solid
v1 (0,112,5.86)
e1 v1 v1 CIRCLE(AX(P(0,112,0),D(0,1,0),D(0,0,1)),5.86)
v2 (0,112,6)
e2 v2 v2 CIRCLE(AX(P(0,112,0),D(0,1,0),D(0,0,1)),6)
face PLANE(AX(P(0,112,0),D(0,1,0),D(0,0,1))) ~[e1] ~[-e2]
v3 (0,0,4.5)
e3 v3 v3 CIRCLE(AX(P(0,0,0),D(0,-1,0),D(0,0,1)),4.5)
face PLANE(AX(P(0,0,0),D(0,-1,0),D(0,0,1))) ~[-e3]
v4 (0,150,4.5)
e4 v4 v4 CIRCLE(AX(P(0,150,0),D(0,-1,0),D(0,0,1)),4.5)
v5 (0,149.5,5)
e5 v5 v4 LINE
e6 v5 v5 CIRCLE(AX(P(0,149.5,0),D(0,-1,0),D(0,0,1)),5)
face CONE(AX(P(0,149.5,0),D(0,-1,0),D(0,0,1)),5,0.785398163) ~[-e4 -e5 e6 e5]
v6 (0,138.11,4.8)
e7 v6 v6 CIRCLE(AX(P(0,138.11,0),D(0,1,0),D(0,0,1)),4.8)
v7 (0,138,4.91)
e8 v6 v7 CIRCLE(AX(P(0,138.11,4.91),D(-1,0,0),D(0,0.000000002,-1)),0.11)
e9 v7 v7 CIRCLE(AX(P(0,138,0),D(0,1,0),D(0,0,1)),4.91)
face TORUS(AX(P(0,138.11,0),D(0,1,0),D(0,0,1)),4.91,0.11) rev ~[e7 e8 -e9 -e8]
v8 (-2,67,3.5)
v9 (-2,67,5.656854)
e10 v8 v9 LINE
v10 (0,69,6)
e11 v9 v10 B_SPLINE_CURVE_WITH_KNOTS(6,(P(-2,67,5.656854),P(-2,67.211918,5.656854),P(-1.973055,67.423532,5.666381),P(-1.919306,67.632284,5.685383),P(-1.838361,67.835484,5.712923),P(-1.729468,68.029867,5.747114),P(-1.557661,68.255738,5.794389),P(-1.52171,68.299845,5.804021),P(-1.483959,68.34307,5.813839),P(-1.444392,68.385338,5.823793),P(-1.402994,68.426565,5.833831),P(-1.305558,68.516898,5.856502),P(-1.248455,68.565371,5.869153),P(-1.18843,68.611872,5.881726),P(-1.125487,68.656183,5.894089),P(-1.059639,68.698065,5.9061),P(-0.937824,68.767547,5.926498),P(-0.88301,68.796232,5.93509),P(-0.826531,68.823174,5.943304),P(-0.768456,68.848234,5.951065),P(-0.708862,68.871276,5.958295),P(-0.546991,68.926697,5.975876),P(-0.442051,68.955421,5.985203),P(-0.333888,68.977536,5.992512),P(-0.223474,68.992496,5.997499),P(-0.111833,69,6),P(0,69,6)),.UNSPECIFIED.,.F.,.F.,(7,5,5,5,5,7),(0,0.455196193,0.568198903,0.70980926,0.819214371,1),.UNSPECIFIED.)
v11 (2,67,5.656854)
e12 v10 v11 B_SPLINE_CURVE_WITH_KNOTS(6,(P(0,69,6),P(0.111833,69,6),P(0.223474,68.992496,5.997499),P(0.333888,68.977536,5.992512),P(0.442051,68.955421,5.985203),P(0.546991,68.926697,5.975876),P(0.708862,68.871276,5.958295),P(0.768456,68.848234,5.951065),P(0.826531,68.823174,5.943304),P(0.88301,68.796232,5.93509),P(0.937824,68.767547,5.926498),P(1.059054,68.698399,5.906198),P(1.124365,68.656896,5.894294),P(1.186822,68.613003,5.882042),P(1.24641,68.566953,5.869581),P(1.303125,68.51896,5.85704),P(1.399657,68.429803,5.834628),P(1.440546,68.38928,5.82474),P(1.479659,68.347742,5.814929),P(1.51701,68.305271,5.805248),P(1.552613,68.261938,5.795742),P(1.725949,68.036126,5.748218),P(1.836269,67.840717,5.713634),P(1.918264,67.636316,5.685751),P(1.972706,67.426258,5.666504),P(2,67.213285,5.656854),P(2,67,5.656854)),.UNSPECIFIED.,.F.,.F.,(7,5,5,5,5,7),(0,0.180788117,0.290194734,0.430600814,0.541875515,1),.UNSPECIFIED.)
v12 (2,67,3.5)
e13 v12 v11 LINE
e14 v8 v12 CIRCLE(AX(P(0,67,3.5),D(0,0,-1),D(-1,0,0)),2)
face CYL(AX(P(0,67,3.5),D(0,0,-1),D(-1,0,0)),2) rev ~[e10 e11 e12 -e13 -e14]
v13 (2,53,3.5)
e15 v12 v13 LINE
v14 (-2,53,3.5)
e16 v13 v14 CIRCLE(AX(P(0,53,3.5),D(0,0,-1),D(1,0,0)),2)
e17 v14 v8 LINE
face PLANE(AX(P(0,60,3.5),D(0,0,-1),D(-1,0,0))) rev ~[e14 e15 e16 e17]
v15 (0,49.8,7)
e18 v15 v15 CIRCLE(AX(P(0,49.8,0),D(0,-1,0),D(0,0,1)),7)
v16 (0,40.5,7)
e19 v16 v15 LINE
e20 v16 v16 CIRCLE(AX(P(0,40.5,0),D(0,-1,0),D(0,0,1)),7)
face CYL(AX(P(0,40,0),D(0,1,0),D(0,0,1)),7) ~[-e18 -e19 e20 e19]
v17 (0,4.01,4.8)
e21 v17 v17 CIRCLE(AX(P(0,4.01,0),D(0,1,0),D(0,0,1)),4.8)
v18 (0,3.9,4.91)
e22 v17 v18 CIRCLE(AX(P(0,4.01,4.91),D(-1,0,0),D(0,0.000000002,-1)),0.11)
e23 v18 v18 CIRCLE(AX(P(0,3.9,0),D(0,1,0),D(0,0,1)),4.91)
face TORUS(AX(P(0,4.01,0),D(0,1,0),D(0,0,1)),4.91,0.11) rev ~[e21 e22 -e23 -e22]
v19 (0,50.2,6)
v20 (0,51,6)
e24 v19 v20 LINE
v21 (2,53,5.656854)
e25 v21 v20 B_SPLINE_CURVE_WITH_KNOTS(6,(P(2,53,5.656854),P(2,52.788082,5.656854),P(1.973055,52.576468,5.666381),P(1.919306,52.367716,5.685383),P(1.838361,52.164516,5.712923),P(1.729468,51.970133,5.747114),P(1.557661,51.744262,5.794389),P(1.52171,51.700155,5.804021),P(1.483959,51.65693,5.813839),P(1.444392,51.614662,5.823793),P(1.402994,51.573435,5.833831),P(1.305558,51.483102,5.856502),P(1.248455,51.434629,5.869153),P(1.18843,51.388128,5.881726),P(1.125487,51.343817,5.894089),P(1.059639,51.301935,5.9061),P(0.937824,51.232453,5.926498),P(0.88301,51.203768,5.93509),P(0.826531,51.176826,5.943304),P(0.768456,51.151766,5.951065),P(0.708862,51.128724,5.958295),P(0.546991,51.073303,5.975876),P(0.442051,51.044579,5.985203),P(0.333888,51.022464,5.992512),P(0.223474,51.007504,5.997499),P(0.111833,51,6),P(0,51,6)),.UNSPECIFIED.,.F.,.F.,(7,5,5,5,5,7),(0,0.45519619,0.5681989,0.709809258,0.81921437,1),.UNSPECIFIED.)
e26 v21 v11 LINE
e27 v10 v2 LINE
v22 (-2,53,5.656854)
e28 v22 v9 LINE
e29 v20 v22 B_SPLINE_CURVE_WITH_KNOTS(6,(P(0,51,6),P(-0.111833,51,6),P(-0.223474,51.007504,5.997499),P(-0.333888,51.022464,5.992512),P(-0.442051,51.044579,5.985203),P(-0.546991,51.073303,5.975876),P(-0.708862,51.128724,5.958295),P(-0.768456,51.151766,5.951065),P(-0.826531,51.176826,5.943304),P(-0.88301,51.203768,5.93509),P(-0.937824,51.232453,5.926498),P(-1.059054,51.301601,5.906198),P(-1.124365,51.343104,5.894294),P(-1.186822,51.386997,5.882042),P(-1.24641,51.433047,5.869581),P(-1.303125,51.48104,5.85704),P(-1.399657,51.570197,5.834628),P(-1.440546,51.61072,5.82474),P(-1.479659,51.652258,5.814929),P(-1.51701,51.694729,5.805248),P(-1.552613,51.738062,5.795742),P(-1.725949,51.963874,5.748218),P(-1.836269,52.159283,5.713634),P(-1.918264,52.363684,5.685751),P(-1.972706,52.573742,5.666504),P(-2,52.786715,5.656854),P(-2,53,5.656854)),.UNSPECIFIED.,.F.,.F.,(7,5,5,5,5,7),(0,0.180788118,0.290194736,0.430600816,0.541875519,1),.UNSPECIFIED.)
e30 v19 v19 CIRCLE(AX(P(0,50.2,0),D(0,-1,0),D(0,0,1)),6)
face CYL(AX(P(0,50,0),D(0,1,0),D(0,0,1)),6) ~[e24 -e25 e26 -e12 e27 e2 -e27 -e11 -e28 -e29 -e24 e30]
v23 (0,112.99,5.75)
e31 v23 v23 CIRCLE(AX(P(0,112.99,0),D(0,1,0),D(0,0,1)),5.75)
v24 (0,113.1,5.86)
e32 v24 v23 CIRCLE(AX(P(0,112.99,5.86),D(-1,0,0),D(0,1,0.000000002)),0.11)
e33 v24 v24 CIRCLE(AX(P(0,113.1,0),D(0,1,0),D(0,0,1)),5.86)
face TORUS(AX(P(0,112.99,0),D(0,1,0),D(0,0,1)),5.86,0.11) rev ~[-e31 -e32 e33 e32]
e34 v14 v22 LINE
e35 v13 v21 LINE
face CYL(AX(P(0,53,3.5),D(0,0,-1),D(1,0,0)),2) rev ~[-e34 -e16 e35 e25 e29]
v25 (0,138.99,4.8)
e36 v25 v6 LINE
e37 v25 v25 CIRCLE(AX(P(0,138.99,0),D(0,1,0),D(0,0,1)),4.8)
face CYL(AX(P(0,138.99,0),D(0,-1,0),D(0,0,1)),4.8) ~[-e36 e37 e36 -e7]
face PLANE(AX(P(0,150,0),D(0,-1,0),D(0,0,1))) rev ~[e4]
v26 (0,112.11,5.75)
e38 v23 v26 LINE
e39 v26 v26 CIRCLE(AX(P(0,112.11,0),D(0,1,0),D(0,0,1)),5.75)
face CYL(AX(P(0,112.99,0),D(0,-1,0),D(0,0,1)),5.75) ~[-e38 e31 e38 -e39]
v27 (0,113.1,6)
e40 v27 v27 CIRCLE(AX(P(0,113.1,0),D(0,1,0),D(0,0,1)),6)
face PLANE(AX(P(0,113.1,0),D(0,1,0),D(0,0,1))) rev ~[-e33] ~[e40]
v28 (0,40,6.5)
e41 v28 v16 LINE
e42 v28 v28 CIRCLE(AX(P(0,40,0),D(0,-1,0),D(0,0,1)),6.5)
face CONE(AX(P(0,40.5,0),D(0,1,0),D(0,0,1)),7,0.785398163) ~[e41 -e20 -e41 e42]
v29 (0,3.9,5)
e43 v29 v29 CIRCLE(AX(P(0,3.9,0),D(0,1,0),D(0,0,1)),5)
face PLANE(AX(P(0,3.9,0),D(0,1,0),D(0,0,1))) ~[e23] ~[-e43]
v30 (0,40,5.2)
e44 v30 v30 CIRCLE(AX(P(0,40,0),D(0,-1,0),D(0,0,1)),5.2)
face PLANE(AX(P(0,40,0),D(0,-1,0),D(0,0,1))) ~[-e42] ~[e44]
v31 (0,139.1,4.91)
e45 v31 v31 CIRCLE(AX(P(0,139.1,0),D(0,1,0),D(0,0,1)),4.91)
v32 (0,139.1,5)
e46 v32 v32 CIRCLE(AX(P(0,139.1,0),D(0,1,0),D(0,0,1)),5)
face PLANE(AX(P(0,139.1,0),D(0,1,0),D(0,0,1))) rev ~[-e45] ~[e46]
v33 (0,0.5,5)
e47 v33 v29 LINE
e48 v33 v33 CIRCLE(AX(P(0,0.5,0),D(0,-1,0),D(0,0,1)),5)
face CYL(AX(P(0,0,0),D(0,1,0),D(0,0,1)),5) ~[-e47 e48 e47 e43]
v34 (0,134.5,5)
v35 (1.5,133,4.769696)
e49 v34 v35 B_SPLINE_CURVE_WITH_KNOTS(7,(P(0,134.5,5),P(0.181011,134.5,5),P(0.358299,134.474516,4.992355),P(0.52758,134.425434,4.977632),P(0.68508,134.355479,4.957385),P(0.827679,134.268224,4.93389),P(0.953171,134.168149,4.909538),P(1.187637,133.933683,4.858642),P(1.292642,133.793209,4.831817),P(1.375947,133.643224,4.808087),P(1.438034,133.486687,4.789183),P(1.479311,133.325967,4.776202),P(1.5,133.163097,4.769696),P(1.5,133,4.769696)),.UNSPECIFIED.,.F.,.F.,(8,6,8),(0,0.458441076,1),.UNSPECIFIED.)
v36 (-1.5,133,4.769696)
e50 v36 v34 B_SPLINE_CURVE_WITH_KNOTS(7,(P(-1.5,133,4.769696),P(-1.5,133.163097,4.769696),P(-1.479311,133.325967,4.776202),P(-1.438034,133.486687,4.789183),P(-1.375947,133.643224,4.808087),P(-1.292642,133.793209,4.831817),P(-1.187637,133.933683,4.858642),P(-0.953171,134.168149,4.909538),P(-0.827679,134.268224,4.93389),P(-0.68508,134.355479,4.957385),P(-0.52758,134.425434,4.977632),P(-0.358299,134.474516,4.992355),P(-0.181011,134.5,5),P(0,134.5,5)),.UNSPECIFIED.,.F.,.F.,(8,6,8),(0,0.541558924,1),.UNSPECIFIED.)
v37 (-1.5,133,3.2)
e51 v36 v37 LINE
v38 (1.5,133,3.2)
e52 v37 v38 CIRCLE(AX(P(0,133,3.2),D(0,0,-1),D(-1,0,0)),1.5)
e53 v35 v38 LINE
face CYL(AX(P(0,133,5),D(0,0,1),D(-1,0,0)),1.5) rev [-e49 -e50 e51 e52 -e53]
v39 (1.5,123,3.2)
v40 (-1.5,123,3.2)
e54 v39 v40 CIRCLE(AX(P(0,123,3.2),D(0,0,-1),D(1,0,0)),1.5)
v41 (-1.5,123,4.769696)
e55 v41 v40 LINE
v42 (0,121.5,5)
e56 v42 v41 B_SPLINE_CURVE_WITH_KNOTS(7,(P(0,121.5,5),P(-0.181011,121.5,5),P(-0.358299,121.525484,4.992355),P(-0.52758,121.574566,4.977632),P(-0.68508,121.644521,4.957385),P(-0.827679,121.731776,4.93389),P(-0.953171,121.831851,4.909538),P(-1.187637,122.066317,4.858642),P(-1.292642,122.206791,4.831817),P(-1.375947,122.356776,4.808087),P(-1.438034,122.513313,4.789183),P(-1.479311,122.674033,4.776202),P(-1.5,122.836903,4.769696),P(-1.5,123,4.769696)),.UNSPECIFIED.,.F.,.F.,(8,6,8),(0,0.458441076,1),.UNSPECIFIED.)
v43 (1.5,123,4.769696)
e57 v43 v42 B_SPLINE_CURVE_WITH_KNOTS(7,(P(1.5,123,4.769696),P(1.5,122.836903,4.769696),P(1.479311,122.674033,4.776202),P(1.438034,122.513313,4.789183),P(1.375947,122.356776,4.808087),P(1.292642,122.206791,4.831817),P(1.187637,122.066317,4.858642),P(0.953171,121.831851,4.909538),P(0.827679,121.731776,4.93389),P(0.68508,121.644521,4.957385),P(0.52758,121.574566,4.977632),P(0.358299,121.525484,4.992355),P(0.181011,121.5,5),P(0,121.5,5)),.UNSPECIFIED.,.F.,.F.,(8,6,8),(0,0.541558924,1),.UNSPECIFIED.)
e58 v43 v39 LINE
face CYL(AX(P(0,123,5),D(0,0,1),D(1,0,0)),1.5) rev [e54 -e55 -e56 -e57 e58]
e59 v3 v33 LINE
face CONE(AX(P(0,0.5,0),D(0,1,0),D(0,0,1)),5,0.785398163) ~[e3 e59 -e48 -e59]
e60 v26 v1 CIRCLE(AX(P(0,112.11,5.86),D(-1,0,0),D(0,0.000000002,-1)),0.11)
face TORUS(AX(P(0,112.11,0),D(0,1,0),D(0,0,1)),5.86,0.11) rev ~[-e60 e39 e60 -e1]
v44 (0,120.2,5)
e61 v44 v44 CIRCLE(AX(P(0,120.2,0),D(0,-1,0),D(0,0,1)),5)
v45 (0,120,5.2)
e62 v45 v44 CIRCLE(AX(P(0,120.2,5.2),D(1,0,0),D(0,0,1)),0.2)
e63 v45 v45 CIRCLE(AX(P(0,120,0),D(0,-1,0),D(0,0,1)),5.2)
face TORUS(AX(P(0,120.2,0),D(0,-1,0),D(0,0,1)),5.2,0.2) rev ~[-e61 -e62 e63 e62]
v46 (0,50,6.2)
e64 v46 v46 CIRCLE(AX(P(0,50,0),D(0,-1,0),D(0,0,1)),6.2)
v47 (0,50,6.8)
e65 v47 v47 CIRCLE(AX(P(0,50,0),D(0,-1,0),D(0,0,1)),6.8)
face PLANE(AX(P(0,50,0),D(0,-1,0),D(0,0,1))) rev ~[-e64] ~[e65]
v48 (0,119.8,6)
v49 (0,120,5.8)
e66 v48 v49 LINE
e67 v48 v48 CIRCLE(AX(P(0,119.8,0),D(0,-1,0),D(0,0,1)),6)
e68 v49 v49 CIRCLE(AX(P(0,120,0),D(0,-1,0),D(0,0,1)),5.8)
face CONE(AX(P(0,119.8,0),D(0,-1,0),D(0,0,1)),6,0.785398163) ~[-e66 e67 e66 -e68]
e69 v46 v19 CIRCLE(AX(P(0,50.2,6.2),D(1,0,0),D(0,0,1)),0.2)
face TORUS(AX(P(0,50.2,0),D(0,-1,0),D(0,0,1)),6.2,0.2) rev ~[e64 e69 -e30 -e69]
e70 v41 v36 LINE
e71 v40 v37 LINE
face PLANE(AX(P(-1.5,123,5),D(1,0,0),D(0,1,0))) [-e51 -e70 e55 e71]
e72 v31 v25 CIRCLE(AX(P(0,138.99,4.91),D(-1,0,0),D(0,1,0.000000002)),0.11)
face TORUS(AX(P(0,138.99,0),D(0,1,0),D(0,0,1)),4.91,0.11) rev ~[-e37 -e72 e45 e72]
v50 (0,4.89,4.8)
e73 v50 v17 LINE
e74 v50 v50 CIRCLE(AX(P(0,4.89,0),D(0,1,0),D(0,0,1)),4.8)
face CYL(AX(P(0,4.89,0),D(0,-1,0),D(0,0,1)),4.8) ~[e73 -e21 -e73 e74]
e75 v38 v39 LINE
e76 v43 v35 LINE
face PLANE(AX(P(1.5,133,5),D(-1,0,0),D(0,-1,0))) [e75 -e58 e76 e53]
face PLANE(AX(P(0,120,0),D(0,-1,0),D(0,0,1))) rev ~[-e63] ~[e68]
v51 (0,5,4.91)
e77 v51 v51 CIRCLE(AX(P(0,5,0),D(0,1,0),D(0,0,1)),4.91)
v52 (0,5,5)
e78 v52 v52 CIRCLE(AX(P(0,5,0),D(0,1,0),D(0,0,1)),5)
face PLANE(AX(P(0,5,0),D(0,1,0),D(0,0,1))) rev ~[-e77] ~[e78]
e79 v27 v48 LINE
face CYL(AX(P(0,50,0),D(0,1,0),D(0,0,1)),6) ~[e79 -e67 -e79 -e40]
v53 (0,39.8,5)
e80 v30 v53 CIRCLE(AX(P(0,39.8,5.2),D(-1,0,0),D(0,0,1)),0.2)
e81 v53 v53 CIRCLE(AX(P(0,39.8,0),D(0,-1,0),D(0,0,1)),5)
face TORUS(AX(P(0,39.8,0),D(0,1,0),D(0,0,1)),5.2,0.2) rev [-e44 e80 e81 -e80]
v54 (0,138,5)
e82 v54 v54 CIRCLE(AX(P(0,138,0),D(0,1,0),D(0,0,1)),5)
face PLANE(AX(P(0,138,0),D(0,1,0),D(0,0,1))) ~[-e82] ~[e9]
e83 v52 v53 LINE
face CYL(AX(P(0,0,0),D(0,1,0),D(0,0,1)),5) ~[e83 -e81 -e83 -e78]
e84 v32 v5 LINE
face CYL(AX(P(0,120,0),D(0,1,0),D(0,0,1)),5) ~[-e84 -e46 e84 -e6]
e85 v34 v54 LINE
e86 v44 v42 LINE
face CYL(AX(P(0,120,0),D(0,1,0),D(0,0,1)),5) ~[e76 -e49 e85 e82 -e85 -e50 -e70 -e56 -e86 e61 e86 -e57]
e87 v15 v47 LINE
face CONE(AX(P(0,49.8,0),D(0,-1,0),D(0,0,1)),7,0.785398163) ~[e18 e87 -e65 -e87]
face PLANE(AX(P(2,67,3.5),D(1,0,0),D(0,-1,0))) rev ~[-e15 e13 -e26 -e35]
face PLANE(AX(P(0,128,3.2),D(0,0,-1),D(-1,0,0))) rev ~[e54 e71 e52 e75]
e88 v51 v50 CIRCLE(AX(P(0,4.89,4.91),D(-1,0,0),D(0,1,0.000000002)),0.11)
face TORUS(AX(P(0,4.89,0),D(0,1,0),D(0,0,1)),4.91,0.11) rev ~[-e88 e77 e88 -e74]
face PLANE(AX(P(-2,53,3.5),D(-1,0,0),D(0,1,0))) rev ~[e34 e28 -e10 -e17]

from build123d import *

# Parameters (mm, degrees)
CHAMFER1_SIZE      = 0.5
CHAMFER2_SIZE      = 0.2
FILLET1_R          = 0.2
CUT_EXTRUDE1_DEPTH = 151.529897363
CUT_EXTRUDE2_DEPTH = 1.8


with BuildPart() as part:
    # Sketch2 → Revolve1 (revolve)
    with BuildSketch(Plane(origin=(0, 0, 0), x_dir=(0, 0, -1), z_dir=(1, 0, 0)), mode=Mode.PRIVATE) as revolve1_sk:
        Polygon((0, 0), (5, 0), (5, 40), (7, 40), (7, 50), (6, 50), (6, 120), (5, 120), (5, 150), (0, 150), align=None)
    revolve(revolve1_sk.sketch.rotate(Axis((0, 150, 0), (0, -1, 0)), 180), axis=Axis((0, 150, 0), (0, -1, 0)))

    # Sketch4 → Groove for BS 3673 P4 - S010M_ External (revolve, cut)
    with BuildSketch(Plane(origin=(0, 120, 0), x_dir=(0, 0, 1), z_dir=(-1, 0, 0))):
        with BuildLine():
            Line((4.91, -116.1), (6, -116.1))
            Line((6, -116.1), (6, -115))
            Line((6, -115), (4.91, -115))
            ThreePointArc((4.91, -115), (4.832218254, -115.032218254), (4.8, -115.11))
            Line((4.8, -115.11), (4.8, -115.99))
            ThreePointArc((4.8, -115.99), (4.832218254, -116.067781746), (4.91, -116.1))
        make_face()
    revolve(axis=Axis((0, 70, 0), (0, 1, 0)), mode=Mode.SUBTRACT)

    # Sketch6 → Groove for BS 3673 P4 - S010M_ Exter 2 (revolve, cut)
    with BuildSketch(Plane(origin=(0, 120, 0), x_dir=(0, 0, 1), z_dir=(-1, 0, 0))):
        with BuildLine():
            Line((4.91, 18), (6, 18))
            Line((6, 18), (6, 19.1))
            Line((6, 19.1), (4.91, 19.1))
            ThreePointArc((4.91, 19.1), (4.832218254, 19.067781746), (4.8, 18.99))
            Line((4.8, 18.99), (4.8, 18.11))
            ThreePointArc((4.8, 18.11), (4.832218254, 18.032218254), (4.91, 18))
        make_face()
    revolve(axis=Axis((0, 70, 0), (0, 1, 0)), mode=Mode.SUBTRACT)

    # Sketch8 → Groove for BS 3673 P4 - S012M, External Circlip1 (revolve, cut)
    with BuildSketch(Plane(origin=(0, 118, 0), x_dir=(0, 0, 1), z_dir=(-1, 0, 0))):
        with BuildLine():
            Line((5.86, -6), (7.2, -6))
            Line((7.2, -6), (7.2, -4.9))
            Line((7.2, -4.9), (5.86, -4.9))
            ThreePointArc((5.86, -4.9), (5.782218254, -4.932218254), (5.75, -5.01))
            Line((5.75, -5.01), (5.75, -5.89))
            ThreePointArc((5.75, -5.89), (5.782218254, -5.967781746), (5.86, -6))
        make_face()
    revolve(axis=Axis((0, 68, 0), (0, 1, 0)), mode=Mode.SUBTRACT)

    # Chamfer1
    chamfer1_edges = [part.edges().sort_by_distance(p)[0] for p in [
        (0, 40, -7),
        (0, 0, -5),
        (0, 150, -5),
    ]]
    chamfer(chamfer1_edges, length=CHAMFER1_SIZE)

    # Chamfer2
    chamfer2_edges = [part.edges().sort_by_distance(p)[0] for p in [
        (0, 50, -7),
        (0, 120, -6),
    ]]
    chamfer(chamfer2_edges, length=CHAMFER2_SIZE)

    # Fillet1
    fillet1_edges = [part.edges().sort_by_distance(p)[0] for p in [
        (0, 40, -5),
        (0, 120, -5),
        (0, 50, -6),
    ]]
    fillet(fillet1_edges, radius=FILLET1_R)

    # Sketch9 → Cut-Extrude1 (cut, through all)
    with BuildSketch(Plane.XY.offset(3.5)):
        with BuildLine():
            Line((-2, 53), (-2, 67))
            ThreePointArc((-2, 67), (0, 69), (2, 67))
            Line((2, 67), (2, 53))
            ThreePointArc((2, 53), (0, 51), (-2, 53))
        make_face()
    extrude(amount=CUT_EXTRUDE1_DEPTH, mode=Mode.SUBTRACT)

    # Sketch10 → Cut-Extrude2 (cut)
    with BuildSketch(Plane.XY.offset(5)):
        with BuildLine():
            Line((-1.5, 123), (-1.5, 133))
            ThreePointArc((-1.5, 133), (0, 134.5), (1.5, 133))
            Line((1.5, 133), (1.5, 123))
            ThreePointArc((1.5, 123), (0, 121.5), (-1.5, 123))
        make_face()
    extrude(amount=-CUT_EXTRUDE2_DEPTH, mode=Mode.SUBTRACT)


solid = part.part
